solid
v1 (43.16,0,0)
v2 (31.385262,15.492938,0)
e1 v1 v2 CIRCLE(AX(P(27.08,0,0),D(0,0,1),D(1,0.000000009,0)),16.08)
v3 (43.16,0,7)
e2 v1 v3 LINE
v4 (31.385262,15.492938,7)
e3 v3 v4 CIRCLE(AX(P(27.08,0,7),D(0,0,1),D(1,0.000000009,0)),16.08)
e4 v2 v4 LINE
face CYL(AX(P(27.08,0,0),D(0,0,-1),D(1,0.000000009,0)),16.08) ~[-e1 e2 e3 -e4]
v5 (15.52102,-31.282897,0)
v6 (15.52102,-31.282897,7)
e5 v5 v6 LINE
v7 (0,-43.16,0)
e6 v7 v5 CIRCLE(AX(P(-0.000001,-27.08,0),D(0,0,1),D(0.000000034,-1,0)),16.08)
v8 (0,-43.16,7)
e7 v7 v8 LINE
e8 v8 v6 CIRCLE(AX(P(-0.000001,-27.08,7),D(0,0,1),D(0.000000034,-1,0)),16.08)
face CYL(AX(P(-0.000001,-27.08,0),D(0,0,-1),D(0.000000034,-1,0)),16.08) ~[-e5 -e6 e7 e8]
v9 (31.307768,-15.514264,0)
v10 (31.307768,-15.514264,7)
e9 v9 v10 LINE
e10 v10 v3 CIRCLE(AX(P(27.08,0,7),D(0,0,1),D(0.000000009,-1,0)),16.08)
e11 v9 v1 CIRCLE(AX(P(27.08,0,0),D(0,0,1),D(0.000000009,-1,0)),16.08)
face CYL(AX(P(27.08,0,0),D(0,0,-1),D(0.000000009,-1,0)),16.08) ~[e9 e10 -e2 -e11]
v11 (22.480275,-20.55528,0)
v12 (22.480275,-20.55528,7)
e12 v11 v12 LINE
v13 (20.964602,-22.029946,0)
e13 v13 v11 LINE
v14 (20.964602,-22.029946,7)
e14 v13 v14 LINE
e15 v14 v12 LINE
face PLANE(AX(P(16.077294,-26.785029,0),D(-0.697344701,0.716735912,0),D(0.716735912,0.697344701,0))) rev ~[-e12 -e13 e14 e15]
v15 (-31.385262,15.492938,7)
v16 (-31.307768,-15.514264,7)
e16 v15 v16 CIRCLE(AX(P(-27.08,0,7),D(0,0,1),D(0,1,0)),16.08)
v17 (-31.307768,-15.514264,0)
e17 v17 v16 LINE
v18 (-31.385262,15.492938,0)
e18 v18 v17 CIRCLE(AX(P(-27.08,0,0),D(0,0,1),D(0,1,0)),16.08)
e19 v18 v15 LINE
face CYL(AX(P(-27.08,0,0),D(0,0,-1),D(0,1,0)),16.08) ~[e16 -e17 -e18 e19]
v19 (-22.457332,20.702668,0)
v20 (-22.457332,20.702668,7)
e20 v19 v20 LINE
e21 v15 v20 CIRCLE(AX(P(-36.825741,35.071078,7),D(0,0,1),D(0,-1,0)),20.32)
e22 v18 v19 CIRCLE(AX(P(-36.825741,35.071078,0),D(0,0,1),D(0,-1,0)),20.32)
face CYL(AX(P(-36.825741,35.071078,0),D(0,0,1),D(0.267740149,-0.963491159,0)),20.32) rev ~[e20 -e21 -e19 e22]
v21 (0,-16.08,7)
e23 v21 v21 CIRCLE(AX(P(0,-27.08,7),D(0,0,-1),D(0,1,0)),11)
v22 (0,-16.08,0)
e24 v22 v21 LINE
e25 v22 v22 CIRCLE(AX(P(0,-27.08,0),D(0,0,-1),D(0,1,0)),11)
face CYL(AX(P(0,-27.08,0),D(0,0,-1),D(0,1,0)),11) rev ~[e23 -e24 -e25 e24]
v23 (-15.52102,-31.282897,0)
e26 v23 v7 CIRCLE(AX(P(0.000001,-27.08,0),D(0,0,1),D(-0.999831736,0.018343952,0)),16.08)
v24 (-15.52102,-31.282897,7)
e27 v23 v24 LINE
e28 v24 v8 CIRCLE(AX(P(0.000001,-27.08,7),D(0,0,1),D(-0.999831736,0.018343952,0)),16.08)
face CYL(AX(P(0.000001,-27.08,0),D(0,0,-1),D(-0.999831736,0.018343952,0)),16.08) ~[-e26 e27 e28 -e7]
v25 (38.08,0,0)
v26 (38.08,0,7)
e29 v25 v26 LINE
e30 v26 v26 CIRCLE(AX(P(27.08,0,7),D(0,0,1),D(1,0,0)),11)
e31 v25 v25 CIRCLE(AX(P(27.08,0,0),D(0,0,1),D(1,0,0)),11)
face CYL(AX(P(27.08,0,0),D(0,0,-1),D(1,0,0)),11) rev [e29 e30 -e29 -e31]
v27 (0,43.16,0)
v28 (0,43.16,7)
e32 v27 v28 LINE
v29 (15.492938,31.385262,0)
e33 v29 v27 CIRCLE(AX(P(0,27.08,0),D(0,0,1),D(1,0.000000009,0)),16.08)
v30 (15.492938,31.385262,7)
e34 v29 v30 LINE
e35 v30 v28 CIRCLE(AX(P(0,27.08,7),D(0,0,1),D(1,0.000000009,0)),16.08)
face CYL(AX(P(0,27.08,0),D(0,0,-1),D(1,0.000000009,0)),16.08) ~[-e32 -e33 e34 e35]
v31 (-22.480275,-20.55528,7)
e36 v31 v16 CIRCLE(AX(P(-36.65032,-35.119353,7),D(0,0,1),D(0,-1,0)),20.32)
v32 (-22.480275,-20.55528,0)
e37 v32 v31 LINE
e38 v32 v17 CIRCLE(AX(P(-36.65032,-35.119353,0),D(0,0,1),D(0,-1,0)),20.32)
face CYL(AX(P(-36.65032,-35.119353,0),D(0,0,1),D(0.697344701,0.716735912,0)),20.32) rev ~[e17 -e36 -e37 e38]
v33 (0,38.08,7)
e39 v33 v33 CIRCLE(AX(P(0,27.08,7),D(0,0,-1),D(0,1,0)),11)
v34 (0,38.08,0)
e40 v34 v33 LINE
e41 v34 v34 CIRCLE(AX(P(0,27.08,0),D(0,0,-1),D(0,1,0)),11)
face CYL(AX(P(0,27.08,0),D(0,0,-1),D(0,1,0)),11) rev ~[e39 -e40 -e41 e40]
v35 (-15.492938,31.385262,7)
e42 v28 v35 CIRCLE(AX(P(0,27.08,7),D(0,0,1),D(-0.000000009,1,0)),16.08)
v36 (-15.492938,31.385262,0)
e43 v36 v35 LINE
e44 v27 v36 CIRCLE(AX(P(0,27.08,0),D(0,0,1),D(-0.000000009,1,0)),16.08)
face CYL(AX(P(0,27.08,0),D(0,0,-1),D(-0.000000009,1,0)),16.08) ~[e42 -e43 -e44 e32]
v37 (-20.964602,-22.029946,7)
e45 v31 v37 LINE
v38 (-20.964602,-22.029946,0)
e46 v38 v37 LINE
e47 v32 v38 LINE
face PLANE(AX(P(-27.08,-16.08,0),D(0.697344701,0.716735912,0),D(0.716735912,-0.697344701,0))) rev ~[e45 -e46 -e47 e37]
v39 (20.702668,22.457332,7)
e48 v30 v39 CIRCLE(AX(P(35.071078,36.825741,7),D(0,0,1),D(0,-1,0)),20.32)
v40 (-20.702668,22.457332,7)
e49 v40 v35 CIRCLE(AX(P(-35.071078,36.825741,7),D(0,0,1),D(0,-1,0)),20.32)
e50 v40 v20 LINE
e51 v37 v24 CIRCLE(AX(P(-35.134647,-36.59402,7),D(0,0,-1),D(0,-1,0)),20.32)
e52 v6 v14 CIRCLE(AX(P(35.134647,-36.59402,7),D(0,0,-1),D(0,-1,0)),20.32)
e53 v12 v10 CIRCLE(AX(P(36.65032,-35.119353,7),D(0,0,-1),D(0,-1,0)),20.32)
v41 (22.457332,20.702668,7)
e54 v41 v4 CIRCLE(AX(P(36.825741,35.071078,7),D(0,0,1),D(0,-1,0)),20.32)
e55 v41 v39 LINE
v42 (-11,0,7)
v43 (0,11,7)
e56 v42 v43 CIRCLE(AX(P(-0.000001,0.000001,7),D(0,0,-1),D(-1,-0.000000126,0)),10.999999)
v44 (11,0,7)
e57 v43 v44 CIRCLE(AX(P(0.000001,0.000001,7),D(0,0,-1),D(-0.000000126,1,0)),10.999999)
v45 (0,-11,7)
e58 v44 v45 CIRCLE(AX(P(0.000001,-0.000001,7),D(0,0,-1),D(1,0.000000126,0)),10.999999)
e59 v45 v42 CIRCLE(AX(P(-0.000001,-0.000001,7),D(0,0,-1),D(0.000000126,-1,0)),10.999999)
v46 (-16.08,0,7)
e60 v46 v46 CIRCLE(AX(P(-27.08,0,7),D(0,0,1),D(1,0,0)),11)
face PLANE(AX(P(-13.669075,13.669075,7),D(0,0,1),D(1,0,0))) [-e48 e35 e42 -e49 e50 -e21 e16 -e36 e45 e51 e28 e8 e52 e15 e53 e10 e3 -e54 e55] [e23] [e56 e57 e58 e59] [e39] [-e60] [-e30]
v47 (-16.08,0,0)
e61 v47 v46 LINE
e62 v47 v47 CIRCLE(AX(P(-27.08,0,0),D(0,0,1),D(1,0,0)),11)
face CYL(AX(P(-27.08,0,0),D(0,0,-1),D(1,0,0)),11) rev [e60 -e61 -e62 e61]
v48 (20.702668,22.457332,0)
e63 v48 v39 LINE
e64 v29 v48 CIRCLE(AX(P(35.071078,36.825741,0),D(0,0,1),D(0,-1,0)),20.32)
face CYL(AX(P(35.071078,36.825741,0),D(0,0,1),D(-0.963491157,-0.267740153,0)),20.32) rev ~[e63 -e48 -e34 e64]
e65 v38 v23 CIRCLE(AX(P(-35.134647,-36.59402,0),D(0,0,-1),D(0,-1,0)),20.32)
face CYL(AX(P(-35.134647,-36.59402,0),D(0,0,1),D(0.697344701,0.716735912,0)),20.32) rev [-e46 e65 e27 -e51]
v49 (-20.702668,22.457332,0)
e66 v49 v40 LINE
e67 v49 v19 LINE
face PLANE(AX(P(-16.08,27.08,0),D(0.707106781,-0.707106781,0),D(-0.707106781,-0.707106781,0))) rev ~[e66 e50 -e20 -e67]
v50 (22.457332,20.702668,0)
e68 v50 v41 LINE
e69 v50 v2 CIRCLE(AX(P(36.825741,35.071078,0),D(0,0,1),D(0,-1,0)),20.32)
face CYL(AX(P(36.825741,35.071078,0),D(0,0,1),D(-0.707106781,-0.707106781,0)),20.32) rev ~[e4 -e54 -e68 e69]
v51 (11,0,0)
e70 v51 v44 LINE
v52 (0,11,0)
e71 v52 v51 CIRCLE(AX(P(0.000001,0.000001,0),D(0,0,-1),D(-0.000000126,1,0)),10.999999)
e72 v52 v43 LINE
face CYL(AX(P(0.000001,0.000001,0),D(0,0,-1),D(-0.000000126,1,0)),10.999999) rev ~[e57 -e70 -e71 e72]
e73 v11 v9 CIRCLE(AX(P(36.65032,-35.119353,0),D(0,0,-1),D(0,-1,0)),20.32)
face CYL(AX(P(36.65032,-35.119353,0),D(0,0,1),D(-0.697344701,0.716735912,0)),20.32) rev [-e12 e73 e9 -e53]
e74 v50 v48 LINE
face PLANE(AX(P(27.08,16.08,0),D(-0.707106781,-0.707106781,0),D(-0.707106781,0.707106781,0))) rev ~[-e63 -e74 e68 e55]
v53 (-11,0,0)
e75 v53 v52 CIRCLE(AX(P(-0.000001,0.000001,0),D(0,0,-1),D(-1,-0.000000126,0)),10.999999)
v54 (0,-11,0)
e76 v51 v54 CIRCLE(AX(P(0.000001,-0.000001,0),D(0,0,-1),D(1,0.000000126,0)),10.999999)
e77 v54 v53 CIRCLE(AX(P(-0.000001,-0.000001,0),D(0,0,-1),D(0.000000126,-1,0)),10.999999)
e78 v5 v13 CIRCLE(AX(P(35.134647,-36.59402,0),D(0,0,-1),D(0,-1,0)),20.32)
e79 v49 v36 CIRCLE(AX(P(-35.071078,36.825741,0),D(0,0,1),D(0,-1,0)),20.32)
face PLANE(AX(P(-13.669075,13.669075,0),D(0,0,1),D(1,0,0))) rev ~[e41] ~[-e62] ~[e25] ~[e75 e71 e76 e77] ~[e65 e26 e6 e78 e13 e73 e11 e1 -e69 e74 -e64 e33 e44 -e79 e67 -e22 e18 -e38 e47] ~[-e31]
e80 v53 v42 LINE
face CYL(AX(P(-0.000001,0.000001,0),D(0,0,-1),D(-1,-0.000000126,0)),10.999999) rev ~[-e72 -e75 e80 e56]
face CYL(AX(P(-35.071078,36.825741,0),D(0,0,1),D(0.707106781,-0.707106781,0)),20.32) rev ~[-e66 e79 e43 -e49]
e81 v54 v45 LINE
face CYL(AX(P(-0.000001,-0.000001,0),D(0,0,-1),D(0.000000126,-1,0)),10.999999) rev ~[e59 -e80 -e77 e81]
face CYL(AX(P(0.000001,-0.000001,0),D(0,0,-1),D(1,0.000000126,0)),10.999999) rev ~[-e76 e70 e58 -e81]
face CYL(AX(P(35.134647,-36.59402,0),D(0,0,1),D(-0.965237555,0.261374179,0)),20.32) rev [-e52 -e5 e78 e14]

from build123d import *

# Parameters (mm, degrees)
F0_R     = 11
F1_DEPTH = 7
F2_R     = 20.32


with BuildPart() as f1:
    # F0 (on Top) → F1 (new body)
    with BuildSketch(Plane.XY):
        with BuildLine():
            ThreePointArc((-11, 0), (-7.778175, 7.778175), (0, 11))
            ThreePointArc((0, 11), (-11.370277, 15.709723), (-16.08, 27.08))
            Line((-16.08, 27.08), (-27.08, 16.08))
            ThreePointArc((-27.08, 16.08), (-15.709723, 11.370277), (-11, 0))
        make_face()
        with BuildLine():
            ThreePointArc((-16.08, 27.08), (-11.370277, 15.709723), (0, 11))
            ThreePointArc((0, 11), (11.370277, 15.709723), (16.08, 27.08))
            ThreePointArc((16.08, 27.08), (11.370277, 38.450277), (0, 43.16))
            ThreePointArc((0, 43.16), (-11.370277, 38.450277), (-16.08, 27.08))
        make_face()
        with BuildLine():
            ThreePointArc((0, 16.08), (-11, 27.08), (0, 38.08))
            ThreePointArc((0, 38.08), (11, 27.08), (0, 16.08))
        make_face(mode=Mode.SUBTRACT)
        with BuildLine():
            ThreePointArc((16.08, 27.08), (11.370277, 15.709723), (0, 11))
            ThreePointArc((0, 11), (7.778175, 7.778175), (11, 0))
            ThreePointArc((11, 0), (15.709723, 11.370277), (27.08, 16.08))
            Line((27.08, 16.08), (16.08, 27.08))
        make_face()
        with BuildLine():
            ThreePointArc((-27.08, -16.08), (-15.709723, -11.370277), (-11, 0))
            ThreePointArc((-11, 0), (-15.709723, 11.370277), (-27.08, 16.08))
            ThreePointArc((-27.08, 16.08), (-43.16, 0), (-27.08, -16.08))
        make_face()
        with Locations((-27.08, 0)):
            Circle(F0_R, mode=Mode.SUBTRACT)
        with BuildLine():
            ThreePointArc((0, -11), (-7.778175, -7.778175), (-11, 0))
            ThreePointArc((-11, 0), (-15.709723, -11.370277), (-27.08, -16.08))
            Line((-27.08, -16.08), (-16.077294, -26.785029))
            ThreePointArc((-16.077294, -26.785029), (-11.265506, -15.605909), (0, -11))
        make_face()
        with BuildLine():
            ThreePointArc((27.08, -16.08), (15.709723, -11.370277), (11, 0))
            ThreePointArc((11, 0), (7.778175, -7.778175), (0, -11))
            ThreePointArc((0, -11), (11.265506, -15.605909), (16.077294, -26.785029))
            Line((16.077294, -26.785029), (27.08, -16.08))
        make_face()
        with BuildLine():
            ThreePointArc((27.08, 16.08), (15.709723, 11.370277), (11, 0))
            ThreePointArc((11, 0), (15.709723, -11.370277), (27.08, -16.08))
            ThreePointArc((27.08, -16.08), (38.450277, -11.370277), (43.16, 0))
            ThreePointArc((43.16, 0), (38.450277, 11.370277), (27.08, 16.08))
        make_face()
        with Locations((27.08, 0)):
            Circle(F0_R, mode=Mode.SUBTRACT)
        with BuildLine():
            ThreePointArc((16.077294, -26.785029), (11.265506, -15.605909), (0, -11))
            ThreePointArc((0, -11), (-11.265506, -15.605909), (-16.077294, -26.785029))
            ThreePointArc((-16.077294, -26.785029), (-11.474091, -38.345506), (0, -43.16))
            ThreePointArc((0, -43.16), (11.474091, -38.345506), (16.077294, -26.785029))
        make_face()
        with BuildLine():
            ThreePointArc((0, -38.08), (-11, -27.08), (0, -16.08))
            ThreePointArc((0, -16.08), (11, -27.08), (0, -38.08))
        make_face(mode=Mode.SUBTRACT)
    extrude(amount=F1_DEPTH)

    # F2
    f2_edges = [f1.edges().sort_by_distance(p)[0] for p in [
        (-16.08, 27.08, 3.5),
        (-27.08, 16.08, 3.5),
        (16.08, 27.08, 3.5),
        (27.08, 16.08, 3.5),
        (27.08, -16.08, 3.5),
        (16.077294, -26.785029, 3.5),
        (-27.08, -16.08, 3.5),
        (-16.077294, -26.785029, 3.5),
    ]]
    fillet(f2_edges, radius=F2_R)


solid = f1.part
